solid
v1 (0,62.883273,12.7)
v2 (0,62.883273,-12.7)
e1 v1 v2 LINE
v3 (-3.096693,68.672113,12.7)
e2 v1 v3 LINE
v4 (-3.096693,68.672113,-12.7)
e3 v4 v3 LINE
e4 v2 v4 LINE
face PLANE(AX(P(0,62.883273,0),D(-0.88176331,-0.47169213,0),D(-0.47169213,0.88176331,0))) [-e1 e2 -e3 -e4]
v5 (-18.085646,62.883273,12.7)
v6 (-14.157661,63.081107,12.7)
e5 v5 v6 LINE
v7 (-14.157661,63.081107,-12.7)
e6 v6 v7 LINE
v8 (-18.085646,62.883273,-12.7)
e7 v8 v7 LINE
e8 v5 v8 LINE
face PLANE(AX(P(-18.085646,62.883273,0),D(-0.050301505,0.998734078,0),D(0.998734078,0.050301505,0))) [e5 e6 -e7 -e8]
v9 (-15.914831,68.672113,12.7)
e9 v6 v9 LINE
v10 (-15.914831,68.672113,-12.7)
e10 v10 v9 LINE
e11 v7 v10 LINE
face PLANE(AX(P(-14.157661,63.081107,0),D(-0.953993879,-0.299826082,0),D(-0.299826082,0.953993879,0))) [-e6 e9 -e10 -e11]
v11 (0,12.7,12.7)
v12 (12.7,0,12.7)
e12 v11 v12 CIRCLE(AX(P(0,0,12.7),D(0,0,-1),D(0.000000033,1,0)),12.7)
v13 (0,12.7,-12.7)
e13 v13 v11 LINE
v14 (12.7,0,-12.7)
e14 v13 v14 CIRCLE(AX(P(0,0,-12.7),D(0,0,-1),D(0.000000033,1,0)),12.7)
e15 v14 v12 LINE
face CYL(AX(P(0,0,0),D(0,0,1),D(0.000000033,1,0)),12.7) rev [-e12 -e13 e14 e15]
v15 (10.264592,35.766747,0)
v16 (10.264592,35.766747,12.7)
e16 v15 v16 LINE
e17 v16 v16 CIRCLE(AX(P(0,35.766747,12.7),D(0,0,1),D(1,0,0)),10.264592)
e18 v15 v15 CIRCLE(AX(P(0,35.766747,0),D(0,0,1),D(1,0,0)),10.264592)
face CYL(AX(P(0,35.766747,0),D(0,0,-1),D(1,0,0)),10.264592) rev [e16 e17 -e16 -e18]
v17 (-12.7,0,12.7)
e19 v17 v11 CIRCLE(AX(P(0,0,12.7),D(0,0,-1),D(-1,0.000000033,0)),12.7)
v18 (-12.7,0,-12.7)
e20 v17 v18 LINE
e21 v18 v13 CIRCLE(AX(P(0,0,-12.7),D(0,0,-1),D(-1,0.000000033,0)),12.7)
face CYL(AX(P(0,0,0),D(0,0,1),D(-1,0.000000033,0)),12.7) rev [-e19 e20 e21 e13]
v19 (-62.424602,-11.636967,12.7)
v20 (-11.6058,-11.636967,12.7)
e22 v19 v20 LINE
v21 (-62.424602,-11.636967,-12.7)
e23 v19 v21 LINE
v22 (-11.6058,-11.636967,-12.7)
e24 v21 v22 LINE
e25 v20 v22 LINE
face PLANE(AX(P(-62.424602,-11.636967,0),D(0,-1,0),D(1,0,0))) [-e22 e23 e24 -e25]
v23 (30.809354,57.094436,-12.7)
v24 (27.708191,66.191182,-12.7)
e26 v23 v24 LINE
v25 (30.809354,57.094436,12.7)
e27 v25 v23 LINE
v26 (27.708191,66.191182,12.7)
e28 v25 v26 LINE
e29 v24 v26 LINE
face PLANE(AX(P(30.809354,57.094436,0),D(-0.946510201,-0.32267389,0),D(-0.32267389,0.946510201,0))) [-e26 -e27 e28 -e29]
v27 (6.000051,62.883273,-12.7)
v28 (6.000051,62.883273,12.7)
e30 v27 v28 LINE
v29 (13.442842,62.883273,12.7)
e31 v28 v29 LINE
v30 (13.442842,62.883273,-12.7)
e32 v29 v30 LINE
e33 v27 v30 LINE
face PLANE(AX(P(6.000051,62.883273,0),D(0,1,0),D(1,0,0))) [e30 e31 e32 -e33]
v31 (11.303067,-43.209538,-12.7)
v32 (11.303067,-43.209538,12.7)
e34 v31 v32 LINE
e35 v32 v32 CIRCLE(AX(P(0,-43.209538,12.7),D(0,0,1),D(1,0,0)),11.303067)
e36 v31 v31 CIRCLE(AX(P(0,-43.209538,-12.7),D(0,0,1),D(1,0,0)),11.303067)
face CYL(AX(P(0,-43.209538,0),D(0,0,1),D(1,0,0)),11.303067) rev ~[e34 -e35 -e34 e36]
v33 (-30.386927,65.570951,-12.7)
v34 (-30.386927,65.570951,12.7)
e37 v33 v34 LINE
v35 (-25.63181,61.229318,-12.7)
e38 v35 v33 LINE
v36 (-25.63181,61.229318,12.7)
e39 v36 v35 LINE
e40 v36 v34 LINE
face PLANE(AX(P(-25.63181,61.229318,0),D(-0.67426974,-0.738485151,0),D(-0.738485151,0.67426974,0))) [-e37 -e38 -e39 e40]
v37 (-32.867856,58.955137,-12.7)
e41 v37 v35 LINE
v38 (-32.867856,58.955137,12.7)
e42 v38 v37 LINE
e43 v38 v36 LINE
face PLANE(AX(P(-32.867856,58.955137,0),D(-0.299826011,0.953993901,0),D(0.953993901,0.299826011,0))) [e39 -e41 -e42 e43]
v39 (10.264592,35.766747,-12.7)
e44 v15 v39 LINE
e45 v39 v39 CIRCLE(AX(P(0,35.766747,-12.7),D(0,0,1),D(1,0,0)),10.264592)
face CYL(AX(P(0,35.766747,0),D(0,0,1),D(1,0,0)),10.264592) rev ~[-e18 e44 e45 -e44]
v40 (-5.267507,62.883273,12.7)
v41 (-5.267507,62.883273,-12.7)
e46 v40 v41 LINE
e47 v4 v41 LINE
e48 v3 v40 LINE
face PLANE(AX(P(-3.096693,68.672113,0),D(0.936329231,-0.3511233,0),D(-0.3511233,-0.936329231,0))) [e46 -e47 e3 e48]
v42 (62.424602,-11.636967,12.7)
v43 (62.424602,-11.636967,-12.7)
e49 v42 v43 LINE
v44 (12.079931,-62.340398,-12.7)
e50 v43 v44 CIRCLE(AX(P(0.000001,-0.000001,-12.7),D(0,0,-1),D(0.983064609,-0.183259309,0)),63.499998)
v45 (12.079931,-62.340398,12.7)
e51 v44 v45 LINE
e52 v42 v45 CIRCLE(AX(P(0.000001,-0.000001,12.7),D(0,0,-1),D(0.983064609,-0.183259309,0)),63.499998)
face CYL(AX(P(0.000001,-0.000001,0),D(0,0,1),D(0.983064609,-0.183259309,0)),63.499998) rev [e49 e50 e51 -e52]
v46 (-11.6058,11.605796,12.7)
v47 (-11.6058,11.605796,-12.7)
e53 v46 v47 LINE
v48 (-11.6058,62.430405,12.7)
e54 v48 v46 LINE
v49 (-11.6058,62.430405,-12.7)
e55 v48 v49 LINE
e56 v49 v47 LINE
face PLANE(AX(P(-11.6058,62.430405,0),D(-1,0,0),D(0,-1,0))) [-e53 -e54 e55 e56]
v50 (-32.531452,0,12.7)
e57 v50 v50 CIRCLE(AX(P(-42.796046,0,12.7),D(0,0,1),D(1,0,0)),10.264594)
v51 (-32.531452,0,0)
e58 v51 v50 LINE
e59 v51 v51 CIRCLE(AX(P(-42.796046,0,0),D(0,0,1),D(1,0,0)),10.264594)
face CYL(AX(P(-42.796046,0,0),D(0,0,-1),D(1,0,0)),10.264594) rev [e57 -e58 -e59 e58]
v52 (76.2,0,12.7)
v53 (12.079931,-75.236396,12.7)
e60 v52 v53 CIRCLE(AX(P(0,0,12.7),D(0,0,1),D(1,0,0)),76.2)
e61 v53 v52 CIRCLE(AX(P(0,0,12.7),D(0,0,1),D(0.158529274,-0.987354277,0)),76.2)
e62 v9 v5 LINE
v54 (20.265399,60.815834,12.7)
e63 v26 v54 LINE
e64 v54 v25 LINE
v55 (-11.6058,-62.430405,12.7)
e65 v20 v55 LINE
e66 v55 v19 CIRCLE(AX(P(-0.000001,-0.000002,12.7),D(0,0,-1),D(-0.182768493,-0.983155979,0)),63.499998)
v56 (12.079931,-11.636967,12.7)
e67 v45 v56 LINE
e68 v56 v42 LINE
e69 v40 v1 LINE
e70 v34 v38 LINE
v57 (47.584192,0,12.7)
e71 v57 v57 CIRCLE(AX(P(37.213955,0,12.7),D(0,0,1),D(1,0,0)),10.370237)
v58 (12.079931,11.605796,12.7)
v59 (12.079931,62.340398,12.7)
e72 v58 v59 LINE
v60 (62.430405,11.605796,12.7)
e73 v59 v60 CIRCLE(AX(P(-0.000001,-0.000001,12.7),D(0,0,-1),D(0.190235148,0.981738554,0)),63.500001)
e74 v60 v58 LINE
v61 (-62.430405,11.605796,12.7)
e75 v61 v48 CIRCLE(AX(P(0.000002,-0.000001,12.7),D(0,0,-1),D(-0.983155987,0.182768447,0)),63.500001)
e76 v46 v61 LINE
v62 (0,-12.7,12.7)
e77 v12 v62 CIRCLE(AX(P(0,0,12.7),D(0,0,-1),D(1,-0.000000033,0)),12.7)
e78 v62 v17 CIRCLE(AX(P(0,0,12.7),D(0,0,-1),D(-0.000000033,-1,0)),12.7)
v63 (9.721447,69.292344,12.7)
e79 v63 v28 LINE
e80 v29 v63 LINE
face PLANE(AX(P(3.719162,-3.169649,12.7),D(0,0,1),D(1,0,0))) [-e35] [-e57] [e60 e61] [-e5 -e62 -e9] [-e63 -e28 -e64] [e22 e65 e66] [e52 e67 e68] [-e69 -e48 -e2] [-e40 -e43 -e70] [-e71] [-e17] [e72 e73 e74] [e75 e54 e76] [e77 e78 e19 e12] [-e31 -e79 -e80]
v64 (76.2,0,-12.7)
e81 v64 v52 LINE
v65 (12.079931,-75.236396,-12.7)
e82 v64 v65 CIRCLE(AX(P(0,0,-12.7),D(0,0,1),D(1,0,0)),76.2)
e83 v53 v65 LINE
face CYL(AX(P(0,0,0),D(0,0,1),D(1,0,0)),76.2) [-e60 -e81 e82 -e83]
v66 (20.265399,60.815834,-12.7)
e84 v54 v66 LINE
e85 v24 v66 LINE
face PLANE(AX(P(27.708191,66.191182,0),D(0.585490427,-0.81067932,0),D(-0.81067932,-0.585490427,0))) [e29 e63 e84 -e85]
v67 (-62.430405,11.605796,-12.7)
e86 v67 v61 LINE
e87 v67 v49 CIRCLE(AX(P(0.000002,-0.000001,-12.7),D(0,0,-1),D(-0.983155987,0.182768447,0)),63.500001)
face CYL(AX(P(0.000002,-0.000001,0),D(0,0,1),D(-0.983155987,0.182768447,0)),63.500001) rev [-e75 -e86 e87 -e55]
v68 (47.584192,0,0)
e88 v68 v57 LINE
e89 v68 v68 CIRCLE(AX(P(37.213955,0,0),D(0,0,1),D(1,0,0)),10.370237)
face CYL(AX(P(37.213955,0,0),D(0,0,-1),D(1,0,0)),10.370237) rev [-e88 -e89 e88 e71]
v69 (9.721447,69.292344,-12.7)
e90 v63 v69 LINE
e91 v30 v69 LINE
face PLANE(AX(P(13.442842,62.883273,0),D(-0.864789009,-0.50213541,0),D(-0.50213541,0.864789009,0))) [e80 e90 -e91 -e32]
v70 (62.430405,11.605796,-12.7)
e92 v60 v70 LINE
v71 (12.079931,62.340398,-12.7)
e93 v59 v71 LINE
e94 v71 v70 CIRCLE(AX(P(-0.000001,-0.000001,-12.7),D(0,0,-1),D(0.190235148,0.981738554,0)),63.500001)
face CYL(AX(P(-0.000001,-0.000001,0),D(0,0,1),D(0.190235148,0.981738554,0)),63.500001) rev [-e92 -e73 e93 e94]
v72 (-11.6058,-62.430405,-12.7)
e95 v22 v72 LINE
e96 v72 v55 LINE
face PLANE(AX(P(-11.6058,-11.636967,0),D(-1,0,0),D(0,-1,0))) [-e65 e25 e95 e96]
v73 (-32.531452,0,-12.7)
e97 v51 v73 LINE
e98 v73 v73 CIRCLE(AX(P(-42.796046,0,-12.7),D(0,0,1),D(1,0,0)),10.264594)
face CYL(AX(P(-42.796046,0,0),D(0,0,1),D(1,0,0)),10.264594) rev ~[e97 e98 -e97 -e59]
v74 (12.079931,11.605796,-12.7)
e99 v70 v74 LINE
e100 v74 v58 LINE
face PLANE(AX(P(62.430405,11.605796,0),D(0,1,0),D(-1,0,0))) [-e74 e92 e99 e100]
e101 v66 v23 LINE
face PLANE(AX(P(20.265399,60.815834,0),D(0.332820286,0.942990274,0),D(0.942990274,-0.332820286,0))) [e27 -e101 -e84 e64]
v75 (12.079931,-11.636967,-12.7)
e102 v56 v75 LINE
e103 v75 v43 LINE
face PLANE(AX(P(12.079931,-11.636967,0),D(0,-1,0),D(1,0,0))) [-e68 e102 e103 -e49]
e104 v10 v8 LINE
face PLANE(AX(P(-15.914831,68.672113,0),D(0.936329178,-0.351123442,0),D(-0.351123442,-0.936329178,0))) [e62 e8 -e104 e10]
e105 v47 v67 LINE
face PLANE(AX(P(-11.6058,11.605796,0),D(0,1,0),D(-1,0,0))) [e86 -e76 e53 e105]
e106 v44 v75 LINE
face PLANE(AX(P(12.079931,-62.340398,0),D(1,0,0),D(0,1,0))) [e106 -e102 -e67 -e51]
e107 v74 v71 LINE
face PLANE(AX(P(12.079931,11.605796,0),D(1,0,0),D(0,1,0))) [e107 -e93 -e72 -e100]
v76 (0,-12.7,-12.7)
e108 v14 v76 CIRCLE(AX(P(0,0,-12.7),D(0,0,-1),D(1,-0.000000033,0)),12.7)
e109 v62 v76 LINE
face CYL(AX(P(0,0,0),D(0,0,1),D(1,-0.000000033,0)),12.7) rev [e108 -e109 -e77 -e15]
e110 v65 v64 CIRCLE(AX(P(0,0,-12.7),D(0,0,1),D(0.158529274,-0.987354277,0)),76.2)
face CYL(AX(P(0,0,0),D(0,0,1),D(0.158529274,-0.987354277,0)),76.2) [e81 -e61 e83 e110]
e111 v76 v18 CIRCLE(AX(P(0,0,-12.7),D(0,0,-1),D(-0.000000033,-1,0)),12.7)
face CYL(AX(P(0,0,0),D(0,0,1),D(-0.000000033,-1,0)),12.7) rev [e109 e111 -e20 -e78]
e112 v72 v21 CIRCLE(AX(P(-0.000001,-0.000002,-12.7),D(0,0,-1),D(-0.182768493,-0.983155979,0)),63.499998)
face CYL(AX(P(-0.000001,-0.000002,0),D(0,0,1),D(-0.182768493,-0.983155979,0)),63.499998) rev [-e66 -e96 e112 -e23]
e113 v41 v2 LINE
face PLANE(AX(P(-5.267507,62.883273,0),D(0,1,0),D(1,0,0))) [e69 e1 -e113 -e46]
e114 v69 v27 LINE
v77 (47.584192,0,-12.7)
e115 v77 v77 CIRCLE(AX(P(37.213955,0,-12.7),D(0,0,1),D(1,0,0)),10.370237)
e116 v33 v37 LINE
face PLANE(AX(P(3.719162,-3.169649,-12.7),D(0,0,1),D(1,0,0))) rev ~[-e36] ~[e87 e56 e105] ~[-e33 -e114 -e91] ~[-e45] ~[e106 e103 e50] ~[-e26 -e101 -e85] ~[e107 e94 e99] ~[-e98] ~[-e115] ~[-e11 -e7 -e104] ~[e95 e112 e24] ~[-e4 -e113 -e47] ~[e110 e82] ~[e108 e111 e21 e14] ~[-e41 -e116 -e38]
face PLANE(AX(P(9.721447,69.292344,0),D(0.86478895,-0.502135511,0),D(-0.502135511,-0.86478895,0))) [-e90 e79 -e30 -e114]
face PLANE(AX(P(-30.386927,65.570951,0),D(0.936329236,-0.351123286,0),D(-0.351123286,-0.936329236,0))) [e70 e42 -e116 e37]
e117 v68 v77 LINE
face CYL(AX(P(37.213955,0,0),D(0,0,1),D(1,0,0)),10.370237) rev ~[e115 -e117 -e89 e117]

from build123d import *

# Parameters (mm, degrees)
F1_DEPTH = 12.7
F2_R     = 3.365552
F2_R_2   = 3.520723
F2_R_3   = 3.514653
F2_R_4   = 3.746049
F2_R_5   = 3.497554
F2_R_6   = 3.892974
F2_R_7   = 3.939651
F2_R_8   = 10.370237
F2_R_9   = 10.264594
F2_R_10  = 10.264592
F2_R_11  = 11.303067
F3_DEPTH = 12.7


with BuildPart() as f1:
    # F0 (on Top) → F1 (new body, symmetric)
    with BuildSketch(Plane.XY):
        with BuildLine():
            ThreePointArc((12.079931, -75.236396), (57.995391, -49.426457), (76.2, 0))
            ThreePointArc((76.2, 0), (-57.995391, 49.426457), (12.079931, -75.236396))
        make_face()
        with BuildLine():
            ThreePointArc((-11.6058, -62.430405), (-44.890071, -44.912488), (-62.424602, -11.636967))
            Line((-62.424602, -11.636967), (-11.6058, -11.636967))
            Line((-11.6058, -11.636967), (-11.6058, -62.430405))
        make_face(mode=Mode.SUBTRACT)
        with BuildLine():
            Line((12.079931, -62.340398), (12.079931, -11.636967))
            Line((12.079931, -11.636967), (62.424602, -11.636967))
            ThreePointArc((62.424602, -11.636967), (45.060413, -44.741582), (12.079931, -62.340398))
        make_face(mode=Mode.SUBTRACT)
        with BuildLine():
            ThreePointArc((-62.430405, 11.605796), (-44.901282, 44.901279), (-11.6058, 62.430405))
            Line((-11.6058, 62.430405), (-11.6058, 11.605796))
            Line((-11.6058, 11.605796), (-62.430405, 11.605796))
        make_face(mode=Mode.SUBTRACT)
        with BuildLine():
            ThreePointArc((0, 12.7), (8.980256, 8.980256), (12.7, 0))
            ThreePointArc((12.7, 0), (8.980256, -8.980256), (0, -12.7))
            ThreePointArc((0, -12.7), (-8.980256, -8.980256), (-12.7, 0))
            ThreePointArc((-12.7, 0), (-8.980256, 8.980256), (0, 12.7))
        make_face(mode=Mode.SUBTRACT)
        with BuildLine():
            Line((12.079931, 11.605796), (12.079931, 62.340398))
            ThreePointArc((12.079931, 62.340398), (45.071582, 44.73033), (62.430405, 11.605796))
            Line((62.430405, 11.605796), (12.079931, 11.605796))
        make_face(mode=Mode.SUBTRACT)
    extrude(amount=F1_DEPTH, both=True)

    # F2 (on Top) → F3 (cut, symmetric)
    with BuildSketch(Plane.XY):
        with Locations((-39.48367, 31.044669)):
            Circle(F2_R)
        with Locations((-28.732972, 30.837925)):
            Circle(F2_R)
        Polygon((-25.63181, 61.229318), (-30.386927, 65.570951), (-32.867856, 58.955137), align=None)
        Polygon((-14.157661, 63.081107), (-15.914831, 68.672113), (-18.085646, 62.883273), align=None)
        Polygon((0, 62.883273), (-3.096693, 68.672113), (-5.267507, 62.883273), align=None)
        Polygon((9.721447, 69.292344), (6.000051, 62.883273), (13.442842, 62.883273), align=None)
        Polygon((30.809354, 57.094436), (27.708191, 66.191182), (20.265399, 60.815834), align=None)
        with Locations((25.222793, 32.252096)):
            Circle(F2_R_2)
        with Locations((38.661163, 32.045349)):
            Circle(F2_R_3)
        with Locations((-37.420698, -32.44324)):
            Circle(F2_R_4)
        with Locations((-26.049767, -32.44324)):
            Circle(F2_R_5)
        with Locations((20.674419, -34.583465)):
            Circle(F2_R_6)
        with Locations((34.112792, -34.583465)):
            Circle(F2_R_7)
        with Locations((37.213955, 0)):
            Circle(F2_R_8)
        with Locations((-42.796046, 0)):
            Circle(F2_R_9)
        with Locations((0, 35.766747)):
            Circle(F2_R_10)
        with Locations((0, -43.209538)):
            Circle(F2_R_11)
    extrude(amount=F3_DEPTH, both=True, mode=Mode.SUBTRACT)


solid = f1.part
